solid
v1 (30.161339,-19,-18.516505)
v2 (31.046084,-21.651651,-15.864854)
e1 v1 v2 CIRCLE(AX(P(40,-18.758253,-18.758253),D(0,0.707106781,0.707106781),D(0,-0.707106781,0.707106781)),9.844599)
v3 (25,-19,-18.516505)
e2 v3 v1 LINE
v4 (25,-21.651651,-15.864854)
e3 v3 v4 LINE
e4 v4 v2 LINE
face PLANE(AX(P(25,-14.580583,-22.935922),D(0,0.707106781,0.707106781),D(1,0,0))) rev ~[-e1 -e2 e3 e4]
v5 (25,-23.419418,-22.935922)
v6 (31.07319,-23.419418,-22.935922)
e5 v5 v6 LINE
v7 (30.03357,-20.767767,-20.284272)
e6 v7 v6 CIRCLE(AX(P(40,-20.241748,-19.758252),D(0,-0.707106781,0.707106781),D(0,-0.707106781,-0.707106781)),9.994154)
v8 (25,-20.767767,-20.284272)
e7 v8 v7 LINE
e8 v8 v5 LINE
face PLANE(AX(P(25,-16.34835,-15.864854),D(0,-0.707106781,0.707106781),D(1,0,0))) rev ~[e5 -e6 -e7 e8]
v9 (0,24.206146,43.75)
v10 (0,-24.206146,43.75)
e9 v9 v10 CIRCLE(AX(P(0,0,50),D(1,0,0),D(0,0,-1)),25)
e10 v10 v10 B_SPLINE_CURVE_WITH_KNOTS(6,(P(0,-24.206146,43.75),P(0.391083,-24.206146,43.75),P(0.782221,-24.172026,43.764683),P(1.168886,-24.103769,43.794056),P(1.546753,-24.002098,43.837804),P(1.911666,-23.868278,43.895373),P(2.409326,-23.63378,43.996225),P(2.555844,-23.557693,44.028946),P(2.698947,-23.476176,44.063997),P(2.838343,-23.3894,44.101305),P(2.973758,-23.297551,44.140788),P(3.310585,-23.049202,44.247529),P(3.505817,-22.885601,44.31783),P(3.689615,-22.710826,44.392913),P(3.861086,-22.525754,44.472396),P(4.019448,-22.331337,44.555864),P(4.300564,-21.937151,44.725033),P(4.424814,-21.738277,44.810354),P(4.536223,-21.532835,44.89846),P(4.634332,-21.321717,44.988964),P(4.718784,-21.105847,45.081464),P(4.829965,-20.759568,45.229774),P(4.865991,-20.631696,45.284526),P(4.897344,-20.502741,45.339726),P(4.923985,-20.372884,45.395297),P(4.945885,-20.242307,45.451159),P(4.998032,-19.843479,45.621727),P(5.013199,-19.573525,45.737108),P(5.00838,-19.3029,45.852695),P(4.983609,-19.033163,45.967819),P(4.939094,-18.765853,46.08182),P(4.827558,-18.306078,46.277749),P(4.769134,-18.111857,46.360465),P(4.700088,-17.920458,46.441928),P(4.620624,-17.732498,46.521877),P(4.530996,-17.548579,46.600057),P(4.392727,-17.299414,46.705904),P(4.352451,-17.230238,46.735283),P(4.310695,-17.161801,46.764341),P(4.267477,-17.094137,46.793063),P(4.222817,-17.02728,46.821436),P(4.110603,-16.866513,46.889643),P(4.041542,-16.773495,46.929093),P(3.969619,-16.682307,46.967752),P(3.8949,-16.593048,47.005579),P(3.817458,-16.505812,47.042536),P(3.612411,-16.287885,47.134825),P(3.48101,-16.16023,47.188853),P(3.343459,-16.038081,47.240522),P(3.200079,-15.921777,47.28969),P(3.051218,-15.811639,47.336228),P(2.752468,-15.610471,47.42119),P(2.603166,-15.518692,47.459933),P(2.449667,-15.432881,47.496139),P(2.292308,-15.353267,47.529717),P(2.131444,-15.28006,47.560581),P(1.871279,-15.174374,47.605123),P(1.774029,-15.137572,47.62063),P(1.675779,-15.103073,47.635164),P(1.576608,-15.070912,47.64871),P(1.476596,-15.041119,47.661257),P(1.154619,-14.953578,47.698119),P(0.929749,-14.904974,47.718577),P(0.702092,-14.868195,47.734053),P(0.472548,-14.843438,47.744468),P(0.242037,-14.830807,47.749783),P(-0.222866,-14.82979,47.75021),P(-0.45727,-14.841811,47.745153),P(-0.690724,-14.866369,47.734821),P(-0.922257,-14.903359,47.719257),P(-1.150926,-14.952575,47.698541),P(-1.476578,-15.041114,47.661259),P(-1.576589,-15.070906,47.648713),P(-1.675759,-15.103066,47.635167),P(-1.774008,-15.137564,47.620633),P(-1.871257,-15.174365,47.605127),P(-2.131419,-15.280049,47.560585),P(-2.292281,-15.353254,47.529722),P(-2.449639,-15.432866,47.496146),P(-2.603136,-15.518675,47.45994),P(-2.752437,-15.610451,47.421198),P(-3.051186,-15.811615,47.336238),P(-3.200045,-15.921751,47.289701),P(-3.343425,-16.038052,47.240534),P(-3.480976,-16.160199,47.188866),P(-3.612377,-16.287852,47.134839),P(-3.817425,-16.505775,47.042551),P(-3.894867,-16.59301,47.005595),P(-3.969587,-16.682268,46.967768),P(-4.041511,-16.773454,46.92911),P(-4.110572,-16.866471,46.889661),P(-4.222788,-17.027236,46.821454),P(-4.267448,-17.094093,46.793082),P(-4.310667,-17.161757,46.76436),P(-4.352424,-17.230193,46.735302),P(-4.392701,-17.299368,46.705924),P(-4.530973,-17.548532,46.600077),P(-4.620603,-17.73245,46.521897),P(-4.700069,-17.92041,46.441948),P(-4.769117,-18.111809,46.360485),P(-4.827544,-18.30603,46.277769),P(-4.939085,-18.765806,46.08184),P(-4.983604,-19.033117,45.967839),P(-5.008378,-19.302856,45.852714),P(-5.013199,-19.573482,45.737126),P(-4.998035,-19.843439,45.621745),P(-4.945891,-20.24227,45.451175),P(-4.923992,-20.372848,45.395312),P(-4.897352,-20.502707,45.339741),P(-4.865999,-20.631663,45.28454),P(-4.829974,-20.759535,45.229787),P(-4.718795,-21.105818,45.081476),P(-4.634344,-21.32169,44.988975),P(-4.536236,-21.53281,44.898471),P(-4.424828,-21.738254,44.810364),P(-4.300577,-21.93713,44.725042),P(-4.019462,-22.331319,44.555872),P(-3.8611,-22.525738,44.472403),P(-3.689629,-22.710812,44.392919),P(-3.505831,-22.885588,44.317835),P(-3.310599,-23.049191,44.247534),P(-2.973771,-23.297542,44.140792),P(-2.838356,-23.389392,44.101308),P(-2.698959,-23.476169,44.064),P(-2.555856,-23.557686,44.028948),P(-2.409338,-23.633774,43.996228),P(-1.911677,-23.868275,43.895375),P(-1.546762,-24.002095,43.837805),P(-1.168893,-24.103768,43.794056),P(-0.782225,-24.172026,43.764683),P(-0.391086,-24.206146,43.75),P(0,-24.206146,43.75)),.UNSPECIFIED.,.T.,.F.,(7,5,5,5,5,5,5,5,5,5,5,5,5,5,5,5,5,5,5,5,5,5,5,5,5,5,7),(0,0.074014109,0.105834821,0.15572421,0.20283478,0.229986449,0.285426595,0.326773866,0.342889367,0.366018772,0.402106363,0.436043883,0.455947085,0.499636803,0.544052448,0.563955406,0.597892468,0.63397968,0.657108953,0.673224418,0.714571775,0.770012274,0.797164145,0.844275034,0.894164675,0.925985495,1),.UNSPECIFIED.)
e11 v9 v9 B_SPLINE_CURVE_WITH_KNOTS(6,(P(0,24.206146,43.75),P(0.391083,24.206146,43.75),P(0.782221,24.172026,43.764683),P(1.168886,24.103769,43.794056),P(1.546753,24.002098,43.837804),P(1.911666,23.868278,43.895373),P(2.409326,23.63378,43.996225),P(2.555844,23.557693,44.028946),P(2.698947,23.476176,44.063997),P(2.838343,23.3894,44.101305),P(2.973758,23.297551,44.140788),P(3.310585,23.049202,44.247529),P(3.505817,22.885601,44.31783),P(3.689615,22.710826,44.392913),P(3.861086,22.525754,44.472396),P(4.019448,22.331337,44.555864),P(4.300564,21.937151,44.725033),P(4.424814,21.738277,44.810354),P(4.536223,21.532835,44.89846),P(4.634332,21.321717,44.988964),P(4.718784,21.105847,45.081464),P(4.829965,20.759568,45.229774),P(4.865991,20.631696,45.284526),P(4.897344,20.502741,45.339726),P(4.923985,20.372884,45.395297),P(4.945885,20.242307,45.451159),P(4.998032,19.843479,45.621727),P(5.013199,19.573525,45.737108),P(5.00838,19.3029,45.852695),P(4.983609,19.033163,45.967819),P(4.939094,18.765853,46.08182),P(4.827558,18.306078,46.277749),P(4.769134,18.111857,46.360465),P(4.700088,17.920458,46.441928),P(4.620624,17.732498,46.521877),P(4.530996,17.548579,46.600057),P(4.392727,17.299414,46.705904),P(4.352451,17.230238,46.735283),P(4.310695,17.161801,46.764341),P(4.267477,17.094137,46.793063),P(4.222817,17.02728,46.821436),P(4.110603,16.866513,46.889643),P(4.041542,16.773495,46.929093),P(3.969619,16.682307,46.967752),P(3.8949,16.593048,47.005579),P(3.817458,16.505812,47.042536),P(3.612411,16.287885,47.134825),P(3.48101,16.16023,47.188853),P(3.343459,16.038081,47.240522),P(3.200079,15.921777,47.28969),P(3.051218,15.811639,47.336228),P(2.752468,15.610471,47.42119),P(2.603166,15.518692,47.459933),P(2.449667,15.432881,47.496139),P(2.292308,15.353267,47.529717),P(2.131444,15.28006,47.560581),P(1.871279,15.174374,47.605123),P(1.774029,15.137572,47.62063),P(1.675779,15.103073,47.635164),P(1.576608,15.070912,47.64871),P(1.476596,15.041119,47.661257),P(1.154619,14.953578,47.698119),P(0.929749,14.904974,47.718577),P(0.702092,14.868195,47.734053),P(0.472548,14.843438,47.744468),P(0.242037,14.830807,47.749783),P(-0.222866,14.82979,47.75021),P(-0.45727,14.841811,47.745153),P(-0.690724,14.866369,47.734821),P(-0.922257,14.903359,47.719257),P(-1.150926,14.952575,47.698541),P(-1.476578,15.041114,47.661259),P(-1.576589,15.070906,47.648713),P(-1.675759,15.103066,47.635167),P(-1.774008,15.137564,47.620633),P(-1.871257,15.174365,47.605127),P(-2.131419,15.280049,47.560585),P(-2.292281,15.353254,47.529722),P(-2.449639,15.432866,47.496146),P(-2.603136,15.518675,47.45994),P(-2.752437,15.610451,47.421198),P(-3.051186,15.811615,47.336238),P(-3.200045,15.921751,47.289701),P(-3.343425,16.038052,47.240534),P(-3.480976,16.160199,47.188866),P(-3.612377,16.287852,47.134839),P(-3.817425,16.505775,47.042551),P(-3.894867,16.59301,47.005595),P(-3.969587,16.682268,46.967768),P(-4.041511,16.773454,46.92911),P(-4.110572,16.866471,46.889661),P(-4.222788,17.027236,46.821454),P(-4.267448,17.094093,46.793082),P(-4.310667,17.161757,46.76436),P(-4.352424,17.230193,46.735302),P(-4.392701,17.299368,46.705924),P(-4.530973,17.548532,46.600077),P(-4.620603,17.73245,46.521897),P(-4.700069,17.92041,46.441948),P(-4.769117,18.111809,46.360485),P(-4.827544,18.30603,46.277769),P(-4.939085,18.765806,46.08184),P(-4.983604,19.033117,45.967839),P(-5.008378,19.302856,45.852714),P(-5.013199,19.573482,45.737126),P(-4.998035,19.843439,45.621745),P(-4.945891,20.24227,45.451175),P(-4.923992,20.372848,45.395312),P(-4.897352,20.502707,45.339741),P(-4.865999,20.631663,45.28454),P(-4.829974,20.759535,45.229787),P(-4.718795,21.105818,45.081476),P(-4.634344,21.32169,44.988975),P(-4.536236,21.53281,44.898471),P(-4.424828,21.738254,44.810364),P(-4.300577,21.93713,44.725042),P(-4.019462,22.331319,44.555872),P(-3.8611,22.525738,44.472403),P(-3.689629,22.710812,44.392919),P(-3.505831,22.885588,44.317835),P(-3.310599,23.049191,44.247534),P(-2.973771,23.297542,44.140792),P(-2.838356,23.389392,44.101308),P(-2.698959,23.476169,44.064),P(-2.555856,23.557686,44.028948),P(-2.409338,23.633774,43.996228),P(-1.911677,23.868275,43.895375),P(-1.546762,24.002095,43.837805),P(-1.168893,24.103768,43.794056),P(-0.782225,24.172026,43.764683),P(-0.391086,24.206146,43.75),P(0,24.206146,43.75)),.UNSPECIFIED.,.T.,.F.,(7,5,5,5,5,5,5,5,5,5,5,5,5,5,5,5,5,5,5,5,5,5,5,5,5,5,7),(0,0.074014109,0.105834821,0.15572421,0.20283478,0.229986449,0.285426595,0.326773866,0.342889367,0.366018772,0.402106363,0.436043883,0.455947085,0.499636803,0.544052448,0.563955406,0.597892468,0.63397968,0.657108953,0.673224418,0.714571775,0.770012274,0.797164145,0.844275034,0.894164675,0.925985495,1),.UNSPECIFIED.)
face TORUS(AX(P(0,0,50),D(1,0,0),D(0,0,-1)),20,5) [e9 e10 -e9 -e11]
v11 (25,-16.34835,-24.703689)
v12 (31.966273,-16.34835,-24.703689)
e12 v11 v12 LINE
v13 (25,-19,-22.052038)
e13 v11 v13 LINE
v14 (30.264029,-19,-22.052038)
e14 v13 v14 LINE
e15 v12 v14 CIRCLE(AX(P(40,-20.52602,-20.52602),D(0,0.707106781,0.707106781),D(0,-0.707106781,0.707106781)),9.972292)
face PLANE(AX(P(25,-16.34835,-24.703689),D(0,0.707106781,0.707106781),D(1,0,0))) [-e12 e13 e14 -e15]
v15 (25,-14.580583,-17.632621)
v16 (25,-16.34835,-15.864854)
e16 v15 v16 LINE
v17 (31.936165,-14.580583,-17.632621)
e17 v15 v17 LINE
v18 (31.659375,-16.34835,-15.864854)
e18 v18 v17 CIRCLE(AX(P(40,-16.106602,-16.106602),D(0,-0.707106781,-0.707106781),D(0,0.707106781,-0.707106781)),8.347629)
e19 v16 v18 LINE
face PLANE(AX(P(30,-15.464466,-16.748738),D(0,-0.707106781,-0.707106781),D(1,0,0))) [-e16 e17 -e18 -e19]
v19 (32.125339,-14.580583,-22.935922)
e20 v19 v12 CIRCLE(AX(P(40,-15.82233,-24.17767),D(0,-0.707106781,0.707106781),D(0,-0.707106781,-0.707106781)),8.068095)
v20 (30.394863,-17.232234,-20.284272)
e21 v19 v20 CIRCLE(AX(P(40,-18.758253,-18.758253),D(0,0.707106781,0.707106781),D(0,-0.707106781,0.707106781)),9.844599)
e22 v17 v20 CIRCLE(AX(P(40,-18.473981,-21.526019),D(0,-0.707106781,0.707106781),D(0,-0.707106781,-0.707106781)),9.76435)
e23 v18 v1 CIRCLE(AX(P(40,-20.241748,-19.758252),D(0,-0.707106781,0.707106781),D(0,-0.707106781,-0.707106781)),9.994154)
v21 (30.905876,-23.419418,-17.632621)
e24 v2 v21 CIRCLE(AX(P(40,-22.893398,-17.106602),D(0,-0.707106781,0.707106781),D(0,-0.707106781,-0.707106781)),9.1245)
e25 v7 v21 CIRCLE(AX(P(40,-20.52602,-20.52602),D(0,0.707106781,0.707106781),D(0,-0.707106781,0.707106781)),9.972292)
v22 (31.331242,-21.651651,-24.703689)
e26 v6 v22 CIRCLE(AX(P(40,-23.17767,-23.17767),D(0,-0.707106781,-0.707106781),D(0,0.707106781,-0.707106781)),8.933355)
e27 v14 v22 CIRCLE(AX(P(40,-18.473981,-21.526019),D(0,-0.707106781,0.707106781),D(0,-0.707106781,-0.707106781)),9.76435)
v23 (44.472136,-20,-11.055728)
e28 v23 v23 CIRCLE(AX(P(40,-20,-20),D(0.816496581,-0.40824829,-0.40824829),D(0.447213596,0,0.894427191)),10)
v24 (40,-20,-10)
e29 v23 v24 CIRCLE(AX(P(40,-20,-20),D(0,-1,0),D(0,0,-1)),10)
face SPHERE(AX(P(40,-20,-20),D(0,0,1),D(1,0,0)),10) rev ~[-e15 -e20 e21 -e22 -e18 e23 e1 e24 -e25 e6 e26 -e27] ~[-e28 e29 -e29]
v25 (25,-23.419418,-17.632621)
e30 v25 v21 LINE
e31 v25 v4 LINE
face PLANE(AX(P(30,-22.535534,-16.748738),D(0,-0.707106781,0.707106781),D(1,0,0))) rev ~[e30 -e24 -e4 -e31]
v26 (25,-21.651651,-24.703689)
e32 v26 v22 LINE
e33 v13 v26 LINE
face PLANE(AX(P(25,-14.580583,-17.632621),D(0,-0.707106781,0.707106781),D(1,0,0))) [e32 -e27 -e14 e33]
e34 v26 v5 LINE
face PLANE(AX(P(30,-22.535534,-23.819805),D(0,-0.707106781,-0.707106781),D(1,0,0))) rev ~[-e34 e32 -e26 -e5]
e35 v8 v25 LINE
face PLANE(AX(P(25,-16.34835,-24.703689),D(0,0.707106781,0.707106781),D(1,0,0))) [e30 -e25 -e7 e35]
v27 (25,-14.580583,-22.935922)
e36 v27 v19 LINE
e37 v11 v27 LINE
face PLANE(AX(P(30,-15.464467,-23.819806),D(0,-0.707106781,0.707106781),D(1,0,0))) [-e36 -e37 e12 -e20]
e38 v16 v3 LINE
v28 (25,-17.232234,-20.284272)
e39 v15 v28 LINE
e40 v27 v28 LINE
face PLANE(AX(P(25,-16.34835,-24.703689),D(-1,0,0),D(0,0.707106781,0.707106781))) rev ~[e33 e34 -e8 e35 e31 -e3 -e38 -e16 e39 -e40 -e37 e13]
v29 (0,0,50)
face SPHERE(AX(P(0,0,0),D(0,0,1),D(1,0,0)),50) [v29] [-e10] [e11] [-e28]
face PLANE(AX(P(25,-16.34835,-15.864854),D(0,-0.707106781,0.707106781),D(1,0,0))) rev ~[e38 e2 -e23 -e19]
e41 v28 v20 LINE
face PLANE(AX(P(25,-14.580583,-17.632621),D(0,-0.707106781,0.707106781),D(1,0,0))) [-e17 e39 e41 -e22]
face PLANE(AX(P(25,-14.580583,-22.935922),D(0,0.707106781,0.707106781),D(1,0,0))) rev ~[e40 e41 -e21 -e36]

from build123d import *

# Parameters (mm, degrees)
BOX001_W               = 10
BOX001_H               = 2.5
BOX001_DEPTH           = 10
BOX001_PLACEMENT_ANGLE = 135
BOX_W                  = 10
BOX_H                  = 2.5
BOX_DEPTH              = 10
BOX_ROLL_ANGLE         = 45
TORUS_R                = 5
TORUS_PITCH_ANGLE      = 90


with BuildPart() as bo_te001:
    # Box001 → Box001 (new body)
    with BuildSketch(Plane.XY):
        with Locations((5, 1.25)):
            Rectangle(BOX001_W, BOX001_H)
    extrude(amount=BOX001_DEPTH)


with BuildPart() as bo_te001_1:
    # Box001 placement: moved
    add(bo_te001.part.moved(Location((25, -14.580583, -17.632621))).rotate(Axis((25, -14.580583, -17.632621), (1, 0, 0)), BOX001_PLACEMENT_ANGLE))


with BuildPart() as bo_te:
    # Box → Box (new body)
    with BuildSketch(Plane.XY):
        with Locations((5, 1.25)):
            Rectangle(BOX_W, BOX_H)
    extrude(amount=BOX_DEPTH)


with BuildPart() as bo_te_1:
    # Box roll: moved
    add(bo_te.part.rotate(Axis((0, 0, 0), (1, 0, 0)), BOX_ROLL_ANGLE))


with BuildPart() as bo_te_2:
    # Box placement: moved
    add(bo_te_1.part.moved(Location((25, -16.34835, -24.703689))))


with BuildPart() as tore:
    # Torus → Torus (revolve)
    with BuildSketch(Plane.XZ):
        with Locations((20, 0)):
            Circle(TORUS_R)
    revolve(axis=Axis((0, 0, 0), (0, 0, 1)))


with BuildPart() as tore_1:
    # Torus pitch: moved
    add(tore.part.rotate(Axis((0, 0, 0), (0, 1, 0)), TORUS_PITCH_ANGLE))


with BuildPart() as tore_2:
    # Torus placement: moved
    add(tore_1.part.moved(Location((0, 0, 50))))


with BuildPart() as sph_re001:
    # Sphere001 → Sphere001 (revolve)
    with BuildSketch(Plane(origin=(40, -20, -20), x_dir=(1, 0, 0), z_dir=(0, -1, 0))):
        with BuildLine():
            ThreePointArc((0, -10), (10, 0), (0, 10))
            Line((0, 10), (0, -10))
        make_face()
    revolve(axis=Axis((40, -20, -20), (0, 0, 1)))


with BuildPart() as cut002:
    # Sphere → Sphere (revolve)
    with BuildSketch(Plane.XZ):
        with BuildLine():
            ThreePointArc((0, -50), (50, 0), (0, 50))
            Line((0, 50), (0, -50))
        make_face()
    revolve(axis=Axis((0, 0, 0), (0, 0, 1)))

    # Cut: cut Sphère001
    add(sph_re001.part, mode=Mode.SUBTRACT)

    # Fusion: union Tore
    add(tore_2.part)

    # Cut001: cut Boîte
    add(bo_te_2.part, mode=Mode.SUBTRACT)

    # Cut002: cut Boîte001
    add(bo_te001_1.part, mode=Mode.SUBTRACT)


solid = cut002.part
